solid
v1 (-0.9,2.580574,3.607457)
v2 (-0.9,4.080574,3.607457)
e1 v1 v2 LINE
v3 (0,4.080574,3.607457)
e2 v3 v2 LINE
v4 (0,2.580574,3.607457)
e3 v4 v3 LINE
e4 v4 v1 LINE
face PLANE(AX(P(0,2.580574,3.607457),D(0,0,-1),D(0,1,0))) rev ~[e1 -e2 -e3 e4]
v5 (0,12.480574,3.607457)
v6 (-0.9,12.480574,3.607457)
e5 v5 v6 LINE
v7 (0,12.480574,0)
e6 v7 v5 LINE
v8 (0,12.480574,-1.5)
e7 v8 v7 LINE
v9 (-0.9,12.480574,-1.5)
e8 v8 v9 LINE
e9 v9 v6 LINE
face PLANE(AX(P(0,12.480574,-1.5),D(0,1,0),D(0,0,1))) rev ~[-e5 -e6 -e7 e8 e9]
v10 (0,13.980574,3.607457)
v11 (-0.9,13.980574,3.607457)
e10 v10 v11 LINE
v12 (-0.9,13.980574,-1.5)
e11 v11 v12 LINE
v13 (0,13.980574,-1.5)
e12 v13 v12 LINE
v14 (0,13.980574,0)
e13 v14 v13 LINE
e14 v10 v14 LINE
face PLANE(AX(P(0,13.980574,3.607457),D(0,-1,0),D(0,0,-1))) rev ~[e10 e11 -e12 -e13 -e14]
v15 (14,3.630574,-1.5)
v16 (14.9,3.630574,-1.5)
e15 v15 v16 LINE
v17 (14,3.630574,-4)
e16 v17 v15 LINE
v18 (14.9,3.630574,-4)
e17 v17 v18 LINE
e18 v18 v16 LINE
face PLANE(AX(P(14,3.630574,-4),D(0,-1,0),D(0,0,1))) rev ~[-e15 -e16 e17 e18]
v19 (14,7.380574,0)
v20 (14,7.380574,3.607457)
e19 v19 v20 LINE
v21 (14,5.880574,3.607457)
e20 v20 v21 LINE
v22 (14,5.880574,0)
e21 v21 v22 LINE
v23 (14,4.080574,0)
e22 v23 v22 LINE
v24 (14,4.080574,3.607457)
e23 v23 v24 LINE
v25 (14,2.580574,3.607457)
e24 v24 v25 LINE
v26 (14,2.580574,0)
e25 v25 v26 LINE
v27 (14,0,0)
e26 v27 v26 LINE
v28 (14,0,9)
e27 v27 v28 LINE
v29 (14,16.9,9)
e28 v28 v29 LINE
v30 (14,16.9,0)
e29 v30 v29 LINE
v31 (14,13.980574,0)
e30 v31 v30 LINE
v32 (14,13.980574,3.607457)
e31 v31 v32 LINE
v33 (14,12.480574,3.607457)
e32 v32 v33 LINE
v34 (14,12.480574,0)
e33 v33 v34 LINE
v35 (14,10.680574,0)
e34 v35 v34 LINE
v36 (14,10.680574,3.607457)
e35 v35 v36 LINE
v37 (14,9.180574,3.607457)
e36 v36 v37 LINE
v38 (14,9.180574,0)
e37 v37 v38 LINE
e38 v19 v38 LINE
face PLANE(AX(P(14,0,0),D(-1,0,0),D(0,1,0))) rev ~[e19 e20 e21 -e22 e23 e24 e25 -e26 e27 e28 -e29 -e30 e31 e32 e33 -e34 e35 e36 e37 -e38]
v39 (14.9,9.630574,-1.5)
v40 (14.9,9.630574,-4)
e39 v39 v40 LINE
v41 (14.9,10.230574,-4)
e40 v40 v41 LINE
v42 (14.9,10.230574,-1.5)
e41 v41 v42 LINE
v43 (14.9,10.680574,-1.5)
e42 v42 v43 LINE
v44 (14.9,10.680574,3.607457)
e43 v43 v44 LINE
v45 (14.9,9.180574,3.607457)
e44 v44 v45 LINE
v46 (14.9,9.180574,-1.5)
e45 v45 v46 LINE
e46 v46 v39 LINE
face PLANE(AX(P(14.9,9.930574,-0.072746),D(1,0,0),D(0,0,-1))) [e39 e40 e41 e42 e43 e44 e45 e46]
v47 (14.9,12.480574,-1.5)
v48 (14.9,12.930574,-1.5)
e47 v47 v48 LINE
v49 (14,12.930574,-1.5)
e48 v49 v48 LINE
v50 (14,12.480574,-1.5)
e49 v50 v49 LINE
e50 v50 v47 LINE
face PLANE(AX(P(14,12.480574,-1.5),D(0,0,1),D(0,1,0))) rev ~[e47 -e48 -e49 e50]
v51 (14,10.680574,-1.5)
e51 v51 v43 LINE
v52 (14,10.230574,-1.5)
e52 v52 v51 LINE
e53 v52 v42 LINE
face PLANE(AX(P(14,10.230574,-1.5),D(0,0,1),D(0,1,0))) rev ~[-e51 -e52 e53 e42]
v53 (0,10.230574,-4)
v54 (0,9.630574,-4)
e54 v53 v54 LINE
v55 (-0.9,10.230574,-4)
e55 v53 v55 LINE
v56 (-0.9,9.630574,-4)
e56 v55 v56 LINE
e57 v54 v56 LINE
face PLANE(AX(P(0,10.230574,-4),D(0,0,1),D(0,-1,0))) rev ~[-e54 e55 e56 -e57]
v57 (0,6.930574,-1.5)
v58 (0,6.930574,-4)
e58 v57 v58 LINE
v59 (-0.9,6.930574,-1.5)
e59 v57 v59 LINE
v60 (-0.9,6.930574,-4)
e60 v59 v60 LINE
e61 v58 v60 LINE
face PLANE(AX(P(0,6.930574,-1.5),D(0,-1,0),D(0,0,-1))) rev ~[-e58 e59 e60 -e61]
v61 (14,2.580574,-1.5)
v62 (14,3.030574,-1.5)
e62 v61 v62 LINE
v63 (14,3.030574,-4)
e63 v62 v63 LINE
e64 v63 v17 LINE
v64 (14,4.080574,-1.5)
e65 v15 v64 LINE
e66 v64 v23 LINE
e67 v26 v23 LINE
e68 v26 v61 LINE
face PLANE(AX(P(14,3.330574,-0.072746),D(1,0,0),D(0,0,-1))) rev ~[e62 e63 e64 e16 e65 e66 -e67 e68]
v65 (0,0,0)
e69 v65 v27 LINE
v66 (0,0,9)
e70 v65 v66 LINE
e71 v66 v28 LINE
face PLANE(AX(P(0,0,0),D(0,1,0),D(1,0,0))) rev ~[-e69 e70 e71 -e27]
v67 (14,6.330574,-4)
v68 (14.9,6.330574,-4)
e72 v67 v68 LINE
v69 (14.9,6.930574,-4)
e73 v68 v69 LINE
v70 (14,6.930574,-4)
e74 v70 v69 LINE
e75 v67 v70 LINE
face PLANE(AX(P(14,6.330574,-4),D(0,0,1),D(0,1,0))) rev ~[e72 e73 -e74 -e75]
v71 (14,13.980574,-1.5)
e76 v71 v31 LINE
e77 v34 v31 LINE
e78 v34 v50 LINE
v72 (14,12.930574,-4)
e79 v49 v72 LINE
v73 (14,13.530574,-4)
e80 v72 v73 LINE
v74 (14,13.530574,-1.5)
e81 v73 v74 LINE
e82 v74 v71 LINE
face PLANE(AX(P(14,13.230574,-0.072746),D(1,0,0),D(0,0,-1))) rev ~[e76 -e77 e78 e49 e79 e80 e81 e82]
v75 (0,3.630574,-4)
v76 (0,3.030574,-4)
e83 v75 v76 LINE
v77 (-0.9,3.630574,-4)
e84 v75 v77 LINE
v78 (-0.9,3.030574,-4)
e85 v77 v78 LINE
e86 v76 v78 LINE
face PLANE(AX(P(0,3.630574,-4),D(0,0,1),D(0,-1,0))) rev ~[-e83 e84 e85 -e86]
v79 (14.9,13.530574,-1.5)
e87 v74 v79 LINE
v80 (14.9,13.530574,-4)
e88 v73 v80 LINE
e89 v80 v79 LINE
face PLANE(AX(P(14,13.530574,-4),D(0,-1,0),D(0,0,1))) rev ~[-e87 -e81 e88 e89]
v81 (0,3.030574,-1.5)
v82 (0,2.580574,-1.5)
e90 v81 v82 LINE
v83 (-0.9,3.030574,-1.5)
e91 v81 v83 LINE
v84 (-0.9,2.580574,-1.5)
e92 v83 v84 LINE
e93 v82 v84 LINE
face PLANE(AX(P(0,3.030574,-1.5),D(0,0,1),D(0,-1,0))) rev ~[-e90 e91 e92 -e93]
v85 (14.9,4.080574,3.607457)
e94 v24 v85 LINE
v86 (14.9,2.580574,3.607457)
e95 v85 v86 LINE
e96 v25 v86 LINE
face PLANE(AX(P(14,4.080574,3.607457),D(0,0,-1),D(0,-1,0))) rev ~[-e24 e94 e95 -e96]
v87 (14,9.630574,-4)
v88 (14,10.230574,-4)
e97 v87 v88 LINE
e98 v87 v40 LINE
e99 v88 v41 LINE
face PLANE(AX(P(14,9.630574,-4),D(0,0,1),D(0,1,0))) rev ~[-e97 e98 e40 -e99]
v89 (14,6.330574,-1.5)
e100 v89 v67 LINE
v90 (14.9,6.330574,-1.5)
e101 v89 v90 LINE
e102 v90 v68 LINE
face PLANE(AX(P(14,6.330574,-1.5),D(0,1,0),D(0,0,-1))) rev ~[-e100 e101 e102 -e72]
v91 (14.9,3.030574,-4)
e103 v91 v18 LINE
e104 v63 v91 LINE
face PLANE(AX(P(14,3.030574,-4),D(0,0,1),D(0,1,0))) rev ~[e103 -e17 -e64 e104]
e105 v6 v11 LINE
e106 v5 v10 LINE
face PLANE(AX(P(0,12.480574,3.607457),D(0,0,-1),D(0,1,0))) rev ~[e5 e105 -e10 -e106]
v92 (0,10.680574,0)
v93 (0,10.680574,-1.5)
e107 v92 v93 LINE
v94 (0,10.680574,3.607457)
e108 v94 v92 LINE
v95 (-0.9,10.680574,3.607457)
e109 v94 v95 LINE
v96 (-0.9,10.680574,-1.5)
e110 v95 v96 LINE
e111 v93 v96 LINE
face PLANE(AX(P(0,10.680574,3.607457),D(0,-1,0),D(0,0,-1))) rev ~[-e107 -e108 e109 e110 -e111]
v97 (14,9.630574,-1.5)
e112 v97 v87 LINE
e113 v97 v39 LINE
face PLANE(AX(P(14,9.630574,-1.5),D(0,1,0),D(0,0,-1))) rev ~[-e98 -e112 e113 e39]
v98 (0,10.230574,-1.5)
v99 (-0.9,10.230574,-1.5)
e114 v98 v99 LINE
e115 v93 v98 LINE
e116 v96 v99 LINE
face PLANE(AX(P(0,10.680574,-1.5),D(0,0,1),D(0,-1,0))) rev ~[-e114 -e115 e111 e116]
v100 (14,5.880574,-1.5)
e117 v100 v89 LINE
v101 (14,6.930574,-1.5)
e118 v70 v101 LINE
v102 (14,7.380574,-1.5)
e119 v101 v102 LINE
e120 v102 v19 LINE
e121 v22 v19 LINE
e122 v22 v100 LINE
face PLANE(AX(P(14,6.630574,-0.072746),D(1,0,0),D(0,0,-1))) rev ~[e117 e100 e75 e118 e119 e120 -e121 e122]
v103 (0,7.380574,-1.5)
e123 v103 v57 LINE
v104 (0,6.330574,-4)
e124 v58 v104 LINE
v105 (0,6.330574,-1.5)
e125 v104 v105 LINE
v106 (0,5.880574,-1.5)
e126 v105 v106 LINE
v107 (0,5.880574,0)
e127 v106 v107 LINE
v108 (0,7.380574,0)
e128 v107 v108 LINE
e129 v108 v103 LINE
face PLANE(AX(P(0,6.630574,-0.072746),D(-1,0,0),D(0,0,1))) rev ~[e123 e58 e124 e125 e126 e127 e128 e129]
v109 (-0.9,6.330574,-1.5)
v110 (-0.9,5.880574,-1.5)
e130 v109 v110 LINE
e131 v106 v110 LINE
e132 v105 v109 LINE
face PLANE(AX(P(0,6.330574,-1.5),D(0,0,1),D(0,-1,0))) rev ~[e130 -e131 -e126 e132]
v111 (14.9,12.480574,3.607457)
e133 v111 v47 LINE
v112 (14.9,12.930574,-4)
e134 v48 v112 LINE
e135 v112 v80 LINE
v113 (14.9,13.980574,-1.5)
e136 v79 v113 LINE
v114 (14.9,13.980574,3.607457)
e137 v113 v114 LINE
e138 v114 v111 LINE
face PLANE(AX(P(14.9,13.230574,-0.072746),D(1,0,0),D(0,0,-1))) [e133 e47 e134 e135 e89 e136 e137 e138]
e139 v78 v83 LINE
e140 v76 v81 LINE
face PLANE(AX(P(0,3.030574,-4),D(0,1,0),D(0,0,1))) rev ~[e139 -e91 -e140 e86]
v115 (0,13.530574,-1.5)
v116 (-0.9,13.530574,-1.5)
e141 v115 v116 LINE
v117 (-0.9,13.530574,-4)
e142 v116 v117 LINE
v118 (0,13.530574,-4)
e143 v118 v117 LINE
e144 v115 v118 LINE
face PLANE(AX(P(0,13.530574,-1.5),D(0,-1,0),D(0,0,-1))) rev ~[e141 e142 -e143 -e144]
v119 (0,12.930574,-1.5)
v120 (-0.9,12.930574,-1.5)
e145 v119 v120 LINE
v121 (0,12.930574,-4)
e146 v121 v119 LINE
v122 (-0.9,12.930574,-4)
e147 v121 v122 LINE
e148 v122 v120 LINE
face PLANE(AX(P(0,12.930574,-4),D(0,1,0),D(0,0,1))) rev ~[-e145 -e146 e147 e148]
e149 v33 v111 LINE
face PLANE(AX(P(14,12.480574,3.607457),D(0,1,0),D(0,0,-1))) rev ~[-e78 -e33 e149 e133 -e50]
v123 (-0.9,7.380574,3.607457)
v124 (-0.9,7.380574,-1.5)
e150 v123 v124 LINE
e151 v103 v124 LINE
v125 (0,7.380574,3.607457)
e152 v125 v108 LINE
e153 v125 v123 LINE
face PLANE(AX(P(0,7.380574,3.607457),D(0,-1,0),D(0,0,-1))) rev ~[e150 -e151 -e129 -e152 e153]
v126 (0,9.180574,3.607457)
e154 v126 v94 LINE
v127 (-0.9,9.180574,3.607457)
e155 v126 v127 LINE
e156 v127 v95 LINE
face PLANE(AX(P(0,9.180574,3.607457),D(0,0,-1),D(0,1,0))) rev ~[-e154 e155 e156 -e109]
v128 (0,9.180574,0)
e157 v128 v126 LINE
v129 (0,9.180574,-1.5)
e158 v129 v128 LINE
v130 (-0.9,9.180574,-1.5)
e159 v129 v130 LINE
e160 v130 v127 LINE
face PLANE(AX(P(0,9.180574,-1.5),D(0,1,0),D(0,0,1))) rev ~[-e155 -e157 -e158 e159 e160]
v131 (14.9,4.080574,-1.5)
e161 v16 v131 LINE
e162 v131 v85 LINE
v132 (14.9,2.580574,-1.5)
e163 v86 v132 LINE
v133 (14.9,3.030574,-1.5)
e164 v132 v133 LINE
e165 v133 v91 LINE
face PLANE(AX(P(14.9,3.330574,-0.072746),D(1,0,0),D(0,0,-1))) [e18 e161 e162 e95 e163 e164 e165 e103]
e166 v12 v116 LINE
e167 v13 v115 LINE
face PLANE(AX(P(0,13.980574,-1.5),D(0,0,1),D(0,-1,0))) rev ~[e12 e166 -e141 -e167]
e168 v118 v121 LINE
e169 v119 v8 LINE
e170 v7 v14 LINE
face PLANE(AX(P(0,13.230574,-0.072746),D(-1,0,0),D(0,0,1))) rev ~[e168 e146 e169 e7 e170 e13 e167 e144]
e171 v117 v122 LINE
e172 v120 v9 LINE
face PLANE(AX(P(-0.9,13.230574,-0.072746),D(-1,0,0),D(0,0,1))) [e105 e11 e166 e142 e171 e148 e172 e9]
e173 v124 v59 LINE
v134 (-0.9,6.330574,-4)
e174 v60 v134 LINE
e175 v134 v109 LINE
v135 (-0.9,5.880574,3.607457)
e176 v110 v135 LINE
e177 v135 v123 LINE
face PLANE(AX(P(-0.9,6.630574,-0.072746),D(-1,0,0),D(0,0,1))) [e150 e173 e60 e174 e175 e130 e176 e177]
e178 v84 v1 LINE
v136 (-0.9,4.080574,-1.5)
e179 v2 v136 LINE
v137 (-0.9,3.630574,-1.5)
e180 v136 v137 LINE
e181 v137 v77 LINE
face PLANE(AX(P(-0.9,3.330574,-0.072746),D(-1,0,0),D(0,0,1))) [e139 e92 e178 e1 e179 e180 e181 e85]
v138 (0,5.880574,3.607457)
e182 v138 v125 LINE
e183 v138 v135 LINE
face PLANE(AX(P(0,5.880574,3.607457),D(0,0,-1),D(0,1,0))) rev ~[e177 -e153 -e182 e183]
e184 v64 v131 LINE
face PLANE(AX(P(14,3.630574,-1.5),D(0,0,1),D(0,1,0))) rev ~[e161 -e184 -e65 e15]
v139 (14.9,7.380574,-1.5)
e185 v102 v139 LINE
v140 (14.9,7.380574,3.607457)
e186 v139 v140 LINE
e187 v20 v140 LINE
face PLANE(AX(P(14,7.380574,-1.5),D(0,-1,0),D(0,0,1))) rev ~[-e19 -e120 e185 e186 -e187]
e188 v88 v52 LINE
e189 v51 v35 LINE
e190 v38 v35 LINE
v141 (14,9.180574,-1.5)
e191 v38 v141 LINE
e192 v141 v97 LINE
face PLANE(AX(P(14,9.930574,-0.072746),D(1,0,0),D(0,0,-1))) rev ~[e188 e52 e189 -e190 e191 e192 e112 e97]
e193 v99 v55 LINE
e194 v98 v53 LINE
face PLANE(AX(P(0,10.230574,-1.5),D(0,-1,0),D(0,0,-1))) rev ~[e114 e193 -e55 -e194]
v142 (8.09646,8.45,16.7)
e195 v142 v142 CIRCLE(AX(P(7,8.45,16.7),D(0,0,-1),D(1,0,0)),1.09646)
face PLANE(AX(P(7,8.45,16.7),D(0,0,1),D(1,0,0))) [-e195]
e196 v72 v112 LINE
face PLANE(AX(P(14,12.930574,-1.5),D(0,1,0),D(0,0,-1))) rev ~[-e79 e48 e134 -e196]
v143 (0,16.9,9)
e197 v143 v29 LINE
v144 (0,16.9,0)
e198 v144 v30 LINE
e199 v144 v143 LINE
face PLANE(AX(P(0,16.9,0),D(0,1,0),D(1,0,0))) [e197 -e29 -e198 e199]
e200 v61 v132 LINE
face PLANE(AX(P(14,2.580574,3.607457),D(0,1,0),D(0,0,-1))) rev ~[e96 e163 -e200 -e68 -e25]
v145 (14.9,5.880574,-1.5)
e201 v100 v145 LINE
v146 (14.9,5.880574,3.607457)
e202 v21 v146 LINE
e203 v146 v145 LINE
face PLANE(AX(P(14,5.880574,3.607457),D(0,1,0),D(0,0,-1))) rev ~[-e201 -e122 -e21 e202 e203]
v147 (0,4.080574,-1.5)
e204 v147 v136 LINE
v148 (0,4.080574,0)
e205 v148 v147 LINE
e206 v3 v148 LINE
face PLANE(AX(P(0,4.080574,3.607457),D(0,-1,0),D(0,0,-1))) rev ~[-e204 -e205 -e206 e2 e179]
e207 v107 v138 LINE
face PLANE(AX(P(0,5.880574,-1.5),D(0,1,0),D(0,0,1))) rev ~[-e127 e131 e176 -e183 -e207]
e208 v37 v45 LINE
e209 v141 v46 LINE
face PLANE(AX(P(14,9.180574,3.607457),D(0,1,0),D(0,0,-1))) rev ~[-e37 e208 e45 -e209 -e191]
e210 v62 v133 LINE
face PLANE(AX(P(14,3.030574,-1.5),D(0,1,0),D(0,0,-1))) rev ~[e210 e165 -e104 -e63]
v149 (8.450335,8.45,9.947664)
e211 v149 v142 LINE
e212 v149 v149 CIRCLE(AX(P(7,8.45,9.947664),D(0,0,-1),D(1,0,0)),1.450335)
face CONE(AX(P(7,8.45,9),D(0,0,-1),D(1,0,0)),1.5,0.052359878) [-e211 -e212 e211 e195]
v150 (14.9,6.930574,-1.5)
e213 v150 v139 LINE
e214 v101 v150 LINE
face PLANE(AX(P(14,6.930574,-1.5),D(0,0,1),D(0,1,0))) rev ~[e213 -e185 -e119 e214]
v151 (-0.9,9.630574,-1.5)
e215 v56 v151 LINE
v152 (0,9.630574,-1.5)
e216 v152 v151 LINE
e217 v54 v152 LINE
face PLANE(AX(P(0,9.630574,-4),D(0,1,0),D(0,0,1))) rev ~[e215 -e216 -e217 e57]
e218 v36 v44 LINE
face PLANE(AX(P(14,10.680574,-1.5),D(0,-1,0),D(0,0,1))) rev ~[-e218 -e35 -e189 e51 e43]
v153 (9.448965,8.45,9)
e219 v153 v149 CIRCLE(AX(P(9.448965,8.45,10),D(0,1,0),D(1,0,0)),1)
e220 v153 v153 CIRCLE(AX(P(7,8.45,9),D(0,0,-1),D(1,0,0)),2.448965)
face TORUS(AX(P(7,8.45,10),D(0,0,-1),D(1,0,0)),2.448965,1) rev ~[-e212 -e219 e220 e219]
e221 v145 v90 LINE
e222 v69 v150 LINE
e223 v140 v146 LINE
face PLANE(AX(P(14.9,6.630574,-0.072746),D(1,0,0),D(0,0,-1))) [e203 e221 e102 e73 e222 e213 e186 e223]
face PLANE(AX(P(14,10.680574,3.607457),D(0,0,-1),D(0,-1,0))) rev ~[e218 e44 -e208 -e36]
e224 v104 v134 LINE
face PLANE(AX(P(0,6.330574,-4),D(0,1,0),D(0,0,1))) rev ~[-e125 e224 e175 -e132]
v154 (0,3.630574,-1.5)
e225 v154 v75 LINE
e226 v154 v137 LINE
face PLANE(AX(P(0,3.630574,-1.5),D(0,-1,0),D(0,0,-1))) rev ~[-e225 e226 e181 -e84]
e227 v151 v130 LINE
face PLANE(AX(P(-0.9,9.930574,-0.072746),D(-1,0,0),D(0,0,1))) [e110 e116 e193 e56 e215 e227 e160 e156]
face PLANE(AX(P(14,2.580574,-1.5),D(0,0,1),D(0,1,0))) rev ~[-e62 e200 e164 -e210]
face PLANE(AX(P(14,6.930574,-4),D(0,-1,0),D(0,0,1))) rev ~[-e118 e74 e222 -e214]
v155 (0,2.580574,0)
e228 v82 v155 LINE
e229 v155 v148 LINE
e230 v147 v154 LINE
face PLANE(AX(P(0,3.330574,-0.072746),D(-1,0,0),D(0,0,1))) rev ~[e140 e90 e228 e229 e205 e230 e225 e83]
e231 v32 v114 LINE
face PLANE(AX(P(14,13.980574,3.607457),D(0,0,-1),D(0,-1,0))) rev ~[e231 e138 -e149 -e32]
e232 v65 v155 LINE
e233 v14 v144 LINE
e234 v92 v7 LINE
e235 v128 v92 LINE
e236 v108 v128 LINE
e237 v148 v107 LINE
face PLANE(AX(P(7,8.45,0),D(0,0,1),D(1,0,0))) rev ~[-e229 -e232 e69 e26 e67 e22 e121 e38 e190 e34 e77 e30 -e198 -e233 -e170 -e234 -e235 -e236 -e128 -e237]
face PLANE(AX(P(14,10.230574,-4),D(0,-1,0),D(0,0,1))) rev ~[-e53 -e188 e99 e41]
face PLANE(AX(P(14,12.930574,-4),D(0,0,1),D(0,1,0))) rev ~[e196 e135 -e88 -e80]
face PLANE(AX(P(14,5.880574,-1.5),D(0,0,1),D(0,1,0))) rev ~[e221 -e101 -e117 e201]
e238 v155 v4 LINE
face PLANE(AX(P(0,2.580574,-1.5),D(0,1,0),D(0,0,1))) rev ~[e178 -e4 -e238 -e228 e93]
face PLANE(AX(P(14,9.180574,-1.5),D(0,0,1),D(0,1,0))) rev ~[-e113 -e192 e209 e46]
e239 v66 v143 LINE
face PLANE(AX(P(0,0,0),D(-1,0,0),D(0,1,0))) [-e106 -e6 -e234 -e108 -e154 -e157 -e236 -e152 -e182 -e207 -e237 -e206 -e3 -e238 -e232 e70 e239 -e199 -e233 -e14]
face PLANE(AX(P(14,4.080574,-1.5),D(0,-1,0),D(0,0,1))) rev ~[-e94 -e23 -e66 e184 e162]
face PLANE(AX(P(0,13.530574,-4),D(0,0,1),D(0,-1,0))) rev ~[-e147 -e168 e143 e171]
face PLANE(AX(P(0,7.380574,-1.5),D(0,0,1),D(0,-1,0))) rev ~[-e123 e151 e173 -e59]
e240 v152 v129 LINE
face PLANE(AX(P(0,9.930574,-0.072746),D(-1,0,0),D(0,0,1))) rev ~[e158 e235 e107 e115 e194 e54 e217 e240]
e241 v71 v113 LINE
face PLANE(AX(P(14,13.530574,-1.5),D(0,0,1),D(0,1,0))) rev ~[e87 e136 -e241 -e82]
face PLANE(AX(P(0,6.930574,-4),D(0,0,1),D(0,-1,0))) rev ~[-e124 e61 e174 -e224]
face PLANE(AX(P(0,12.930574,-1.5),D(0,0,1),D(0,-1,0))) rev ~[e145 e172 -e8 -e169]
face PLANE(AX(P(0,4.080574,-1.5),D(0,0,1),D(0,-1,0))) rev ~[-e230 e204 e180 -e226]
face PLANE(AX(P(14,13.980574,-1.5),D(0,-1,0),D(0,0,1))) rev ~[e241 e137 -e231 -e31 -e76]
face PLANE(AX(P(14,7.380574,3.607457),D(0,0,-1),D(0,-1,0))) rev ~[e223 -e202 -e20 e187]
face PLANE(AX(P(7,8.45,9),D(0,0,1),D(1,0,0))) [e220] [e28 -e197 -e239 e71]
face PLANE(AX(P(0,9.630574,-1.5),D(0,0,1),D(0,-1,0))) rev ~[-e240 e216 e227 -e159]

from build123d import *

# Parameters (mm, degrees)
ESQUISSE1_W          = 14
ESQUISSE1_H          = 16.9
BASE_EXTRUSION_DEPTH = 9
EXTRUSION1_DEPTH     = 0.9
EXTRUSION2_DEPTH     = 0.9
ESQUISSE6_R          = 1.5
EXTRUSION3_DEPTH     = 7.7
EXTRUSION3_TAPER     = 3
CONG_1_R             = 1


with BuildPart() as part:
    # Esquisse1 → Base-Extrusion (new body)
    with BuildSketch(Plane.XY):
        with Locations((7, 8.45)):
            Rectangle(ESQUISSE1_W, ESQUISSE1_H)
    extrude(amount=BASE_EXTRUSION_DEPTH)

    # Esquisse4 → Extrusion1 (add)
    with BuildSketch(Plane.ZY):
        Polygon((3.607457233, 13.98057371), (-1.5, 13.98057371), (-1.5, 13.53057371), (-4, 13.53057371), (-4, 12.93057371), (-1.5, 12.93057371), (-1.5, 12.48057371), (3.607457233, 12.48057371), align=None)
        Polygon((3.607457233, 10.68057371), (-1.5, 10.68057371), (-1.5, 10.23057371), (-4, 10.23057371), (-4, 9.63057371), (-1.5, 9.63057371), (-1.5, 9.18057371), (3.607457233, 9.18057371), align=None)
        Polygon((3.607457233, 7.38057371), (-1.5, 7.38057371), (-1.5, 6.93057371), (-4, 6.93057371), (-4, 6.33057371), (-1.5, 6.33057371), (-1.5, 5.88057371), (3.607457233, 5.88057371), align=None)
        Polygon((3.607457233, 4.08057371), (-1.5, 4.08057371), (-1.5, 3.63057371), (-4, 3.63057371), (-4, 3.03057371), (-1.5, 3.03057371), (-1.5, 2.58057371), (3.607457233, 2.58057371), align=None)
    extrude(amount=EXTRUSION1_DEPTH)

    # Esquisse5 → Extrusion2 (add)
    with BuildSketch(Plane(origin=(14, 0, 0), x_dir=(0, 0, -1), z_dir=(1, 0, 0))):
        Polygon((1.5, 13.98057371), (-3.607457233, 13.98057371), (-3.607457233, 12.48057371), (1.5, 12.48057371), (1.5, 12.93057371), (4, 12.93057371), (4, 13.53057371), (1.5, 13.53057371), align=None)
        Polygon((1.5, 7.38057371), (-3.607457233, 7.38057371), (-3.607457233, 5.88057371), (1.5, 5.88057371), (1.5, 6.33057371), (4, 6.33057371), (4, 6.93057371), (1.5, 6.93057371), align=None)
        Polygon((-3.607457233, 10.68057371), (-3.607457233, 9.18057371), (1.5, 9.18057371), (1.5, 9.63057371), (4, 9.63057371), (4, 10.23057371), (1.5, 10.23057371), (1.5, 10.68057371), align=None)
        Polygon((-3.607457233, 4.08057371), (-3.607457233, 2.58057371), (1.5, 2.58057371), (1.5, 3.03057371), (4, 3.03057371), (4, 3.63057371), (1.5, 3.63057371), (1.5, 4.08057371), align=None)
    extrude(amount=EXTRUSION2_DEPTH)

    # Esquisse6 → Extrusion3 (add)
    with BuildSketch(Plane.XY.offset(9)):
        with Locations((7, 8.45)):
            Circle(ESQUISSE6_R)
    extrude(amount=EXTRUSION3_DEPTH, taper=EXTRUSION3_TAPER)

    # Congé1
    cong_1_edges = [part.edges().sort_by_distance(p)[0] for p in [
        (5.5, 8.45, 9),
    ]]
    fillet(cong_1_edges, radius=CONG_1_R)


solid = part.part
